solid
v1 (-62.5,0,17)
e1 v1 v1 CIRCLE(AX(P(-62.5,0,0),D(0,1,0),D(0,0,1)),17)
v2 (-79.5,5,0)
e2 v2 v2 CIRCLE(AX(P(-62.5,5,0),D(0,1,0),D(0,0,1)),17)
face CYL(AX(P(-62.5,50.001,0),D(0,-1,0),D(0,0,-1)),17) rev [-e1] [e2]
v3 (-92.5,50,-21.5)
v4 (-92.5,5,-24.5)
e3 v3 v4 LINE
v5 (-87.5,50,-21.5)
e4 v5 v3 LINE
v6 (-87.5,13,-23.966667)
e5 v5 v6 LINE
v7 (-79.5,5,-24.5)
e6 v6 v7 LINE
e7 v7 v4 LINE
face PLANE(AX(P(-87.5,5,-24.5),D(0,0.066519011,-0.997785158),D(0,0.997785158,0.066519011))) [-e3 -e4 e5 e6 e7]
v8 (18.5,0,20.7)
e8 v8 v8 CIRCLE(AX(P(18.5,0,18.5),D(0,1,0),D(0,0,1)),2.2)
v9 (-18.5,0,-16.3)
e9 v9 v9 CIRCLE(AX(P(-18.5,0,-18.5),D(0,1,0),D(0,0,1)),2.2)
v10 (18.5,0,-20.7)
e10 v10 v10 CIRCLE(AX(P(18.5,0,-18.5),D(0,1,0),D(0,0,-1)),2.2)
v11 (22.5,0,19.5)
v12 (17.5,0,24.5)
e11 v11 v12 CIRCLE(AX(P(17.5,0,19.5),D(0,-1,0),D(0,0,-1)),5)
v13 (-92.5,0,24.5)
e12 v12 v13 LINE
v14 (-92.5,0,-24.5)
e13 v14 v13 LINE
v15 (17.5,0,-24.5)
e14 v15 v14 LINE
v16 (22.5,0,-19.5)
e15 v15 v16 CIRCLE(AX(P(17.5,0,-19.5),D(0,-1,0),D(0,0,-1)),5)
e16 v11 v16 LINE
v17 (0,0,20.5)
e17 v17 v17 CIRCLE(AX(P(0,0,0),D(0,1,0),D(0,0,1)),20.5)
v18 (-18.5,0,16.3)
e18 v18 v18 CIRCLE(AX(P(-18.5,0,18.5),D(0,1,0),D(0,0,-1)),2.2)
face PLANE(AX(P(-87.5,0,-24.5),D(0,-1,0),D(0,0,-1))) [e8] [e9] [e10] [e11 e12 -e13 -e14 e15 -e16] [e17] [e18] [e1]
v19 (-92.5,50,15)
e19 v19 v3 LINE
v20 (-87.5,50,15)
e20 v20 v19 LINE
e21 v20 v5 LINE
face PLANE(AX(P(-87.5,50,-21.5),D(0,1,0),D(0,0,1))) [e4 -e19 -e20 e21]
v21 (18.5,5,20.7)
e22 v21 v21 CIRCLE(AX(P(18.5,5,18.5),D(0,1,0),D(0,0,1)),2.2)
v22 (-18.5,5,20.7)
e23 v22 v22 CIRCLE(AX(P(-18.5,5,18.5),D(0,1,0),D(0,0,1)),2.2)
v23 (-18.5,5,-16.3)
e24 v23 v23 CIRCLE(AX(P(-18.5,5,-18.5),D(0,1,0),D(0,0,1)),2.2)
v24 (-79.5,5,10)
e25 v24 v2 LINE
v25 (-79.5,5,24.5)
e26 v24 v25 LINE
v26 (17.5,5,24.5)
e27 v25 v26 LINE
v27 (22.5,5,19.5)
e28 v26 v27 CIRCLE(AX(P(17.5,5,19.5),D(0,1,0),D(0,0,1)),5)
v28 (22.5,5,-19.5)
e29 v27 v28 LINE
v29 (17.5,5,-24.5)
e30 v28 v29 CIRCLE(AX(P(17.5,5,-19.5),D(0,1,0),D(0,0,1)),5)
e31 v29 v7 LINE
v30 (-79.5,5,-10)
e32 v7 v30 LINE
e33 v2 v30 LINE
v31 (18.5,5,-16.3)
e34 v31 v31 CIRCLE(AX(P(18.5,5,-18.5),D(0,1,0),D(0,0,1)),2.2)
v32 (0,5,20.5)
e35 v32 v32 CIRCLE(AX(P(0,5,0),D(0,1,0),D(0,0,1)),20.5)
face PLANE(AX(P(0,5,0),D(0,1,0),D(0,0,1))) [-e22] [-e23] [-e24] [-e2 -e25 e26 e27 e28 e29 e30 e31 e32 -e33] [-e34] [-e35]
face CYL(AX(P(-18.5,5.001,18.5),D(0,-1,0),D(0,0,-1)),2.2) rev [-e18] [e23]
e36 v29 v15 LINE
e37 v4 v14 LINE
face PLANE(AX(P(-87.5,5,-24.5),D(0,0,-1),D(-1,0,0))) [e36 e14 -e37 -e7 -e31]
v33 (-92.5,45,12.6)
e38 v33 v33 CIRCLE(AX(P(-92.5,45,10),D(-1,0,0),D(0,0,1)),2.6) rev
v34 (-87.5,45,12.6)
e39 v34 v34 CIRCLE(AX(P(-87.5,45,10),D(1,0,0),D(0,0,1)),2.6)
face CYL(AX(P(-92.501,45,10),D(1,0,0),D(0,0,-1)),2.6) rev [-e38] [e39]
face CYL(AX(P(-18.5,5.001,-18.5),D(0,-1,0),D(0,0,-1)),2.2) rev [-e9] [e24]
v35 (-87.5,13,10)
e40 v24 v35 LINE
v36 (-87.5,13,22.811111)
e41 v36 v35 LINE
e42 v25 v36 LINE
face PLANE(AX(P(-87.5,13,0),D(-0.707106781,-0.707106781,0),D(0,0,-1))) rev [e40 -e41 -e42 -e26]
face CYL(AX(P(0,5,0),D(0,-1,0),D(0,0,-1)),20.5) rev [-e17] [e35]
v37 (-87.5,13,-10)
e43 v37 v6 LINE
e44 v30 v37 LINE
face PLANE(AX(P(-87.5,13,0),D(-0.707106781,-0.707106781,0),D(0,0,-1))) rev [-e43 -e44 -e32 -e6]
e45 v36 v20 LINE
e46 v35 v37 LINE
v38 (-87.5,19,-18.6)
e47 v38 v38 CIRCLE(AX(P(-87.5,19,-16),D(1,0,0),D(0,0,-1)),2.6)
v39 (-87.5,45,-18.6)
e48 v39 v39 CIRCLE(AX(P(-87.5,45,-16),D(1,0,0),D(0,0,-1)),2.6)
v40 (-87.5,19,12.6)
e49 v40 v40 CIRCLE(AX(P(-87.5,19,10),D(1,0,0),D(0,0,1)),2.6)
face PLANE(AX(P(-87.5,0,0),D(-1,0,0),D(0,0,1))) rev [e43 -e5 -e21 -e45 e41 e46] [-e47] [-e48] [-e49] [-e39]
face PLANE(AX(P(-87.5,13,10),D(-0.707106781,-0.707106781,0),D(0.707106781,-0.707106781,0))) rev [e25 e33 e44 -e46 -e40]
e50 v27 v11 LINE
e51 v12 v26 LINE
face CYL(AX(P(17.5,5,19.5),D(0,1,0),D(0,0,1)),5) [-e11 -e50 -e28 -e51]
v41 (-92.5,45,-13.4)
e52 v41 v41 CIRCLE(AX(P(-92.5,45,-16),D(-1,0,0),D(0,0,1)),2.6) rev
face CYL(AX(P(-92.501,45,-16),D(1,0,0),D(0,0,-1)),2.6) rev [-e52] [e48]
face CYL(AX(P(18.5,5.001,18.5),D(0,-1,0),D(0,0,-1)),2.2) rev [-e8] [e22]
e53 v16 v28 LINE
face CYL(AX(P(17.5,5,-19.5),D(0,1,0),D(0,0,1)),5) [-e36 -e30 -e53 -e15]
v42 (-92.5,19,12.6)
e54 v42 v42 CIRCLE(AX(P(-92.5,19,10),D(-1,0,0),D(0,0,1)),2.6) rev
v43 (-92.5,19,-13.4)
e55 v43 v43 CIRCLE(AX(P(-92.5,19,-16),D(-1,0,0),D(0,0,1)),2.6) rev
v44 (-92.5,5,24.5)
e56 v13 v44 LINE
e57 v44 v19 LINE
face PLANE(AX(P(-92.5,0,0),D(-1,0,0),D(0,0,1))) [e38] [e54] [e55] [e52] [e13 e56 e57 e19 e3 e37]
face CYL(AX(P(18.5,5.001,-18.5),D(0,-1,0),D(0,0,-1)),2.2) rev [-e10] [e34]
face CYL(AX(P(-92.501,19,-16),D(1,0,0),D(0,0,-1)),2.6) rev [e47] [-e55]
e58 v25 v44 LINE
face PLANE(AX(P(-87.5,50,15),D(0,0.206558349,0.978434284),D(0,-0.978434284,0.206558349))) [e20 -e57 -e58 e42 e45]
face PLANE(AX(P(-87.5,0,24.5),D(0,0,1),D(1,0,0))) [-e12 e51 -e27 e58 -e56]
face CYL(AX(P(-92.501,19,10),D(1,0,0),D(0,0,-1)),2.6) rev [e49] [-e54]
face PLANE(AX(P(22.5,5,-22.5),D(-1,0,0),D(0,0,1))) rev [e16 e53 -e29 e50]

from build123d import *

# Parameters (mm, degrees)
SKETCH1_W           = 45
SKETCH1_H           = 45
SKETCH1_R           = 20.5
BOSS_EXTRUDE1_DEPTH = 5
CUT_EXTRUDE1_REACH  = 34.21
SKETCH2_R           = 2.2
BOSS_EXTRUDE2_DEPTH = 5
BOSS_EXTRUDE4_DEPTH = 5
SKETCH6_R           = 2.6
CUT_EXTRUDE2_DEPTH  = 5
SKETCH7_R           = 17
CUT_EXTRUDE3_DEPTH  = 5
BOSS_EXTRUDE5_DEPTH = 10
CHAMFER1_SIZE       = 8
FILLET1_R           = 5


with BuildPart() as part:
    # Sketch1 → Boss-Extrude1 (new body)
    with BuildSketch(Plane(origin=(0, 0, 0), x_dir=(1, 0, 0), z_dir=(0, 1, 0))):
        Rectangle(SKETCH1_W, SKETCH1_H)
        with Locations(Location((0, 0, 0), (0, 0, 270))):
            Circle(SKETCH1_R, mode=Mode.SUBTRACT)
    extrude(amount=BOSS_EXTRUDE1_DEPTH)

    # Sketch2 → Cut-Extrude1 (cut, up to next)
    with BuildSketch(Plane(origin=(0, 0, 0), x_dir=(1, 0, 0), z_dir=(0, 1, 0)), mode=Mode.PRIVATE) as cut_extrude1_sk1:
        with Locations(Location((18.5, 18.5, 0), (0, 0, 90))):
            Circle(SKETCH2_R)
    cut_extrude1_tool1 = extrude(cut_extrude1_sk1.sketch, amount=CUT_EXTRUDE1_REACH, mode=Mode.PRIVATE) & part.part
    # Sketch2 → Cut-Extrude1 (cut, up to next)
    with BuildSketch(Plane(origin=(0, 0, 0), x_dir=(1, 0, 0), z_dir=(0, 1, 0)), mode=Mode.PRIVATE) as cut_extrude1_sk2:
        with Locations(Location((18.5, -18.5, 0), (0, 0, 270))):
            Circle(SKETCH2_R)
    cut_extrude1_tool2 = extrude(cut_extrude1_sk2.sketch, amount=CUT_EXTRUDE1_REACH, mode=Mode.PRIVATE) & part.part
    # Sketch2 → Cut-Extrude1 (cut, up to next)
    with BuildSketch(Plane(origin=(0, 0, 0), x_dir=(1, 0, 0), z_dir=(0, 1, 0)), mode=Mode.PRIVATE) as cut_extrude1_sk3:
        with Locations(Location((-18.5, 18.5, 0), (0, 0, 270))):
            Circle(SKETCH2_R)
    cut_extrude1_tool3 = extrude(cut_extrude1_sk3.sketch, amount=CUT_EXTRUDE1_REACH, mode=Mode.PRIVATE) & part.part
    # Sketch2 → Cut-Extrude1 (cut, up to next)
    with BuildSketch(Plane(origin=(0, 0, 0), x_dir=(1, 0, 0), z_dir=(0, 1, 0)), mode=Mode.PRIVATE) as cut_extrude1_sk4:
        with Locations(Location((-18.5, -18.5, 0), (0, 0, 90))):
            Circle(SKETCH2_R)
    cut_extrude1_tool4 = extrude(cut_extrude1_sk4.sketch, amount=CUT_EXTRUDE1_REACH, mode=Mode.PRIVATE) & part.part
    add(cut_extrude1_tool1.solids().sort_by_distance((18.5, 0, -18.5))[0], mode=Mode.SUBTRACT)
    add(cut_extrude1_tool2.solids().sort_by_distance((18.5, 0, 18.5))[0], mode=Mode.SUBTRACT)
    add(cut_extrude1_tool3.solids().sort_by_distance((-18.5, 0, -18.5))[0], mode=Mode.SUBTRACT)
    add(cut_extrude1_tool4.solids().sort_by_distance((-18.5, 0, 18.5))[0], mode=Mode.SUBTRACT)

    # Sketch3 → Boss-Extrude2 (add)
    with BuildSketch(Plane(origin=(0, 0, 0), x_dir=(1, 0, 0), z_dir=(0, 1, 0))):
        Polygon((22.5, 22.5), (22.5, 24.5), (-92.5, 24.5), (-92.5, -24.5), (22.5, -24.5), (22.5, -22.5), (-22.5, -22.5), (-22.5, 22.5), align=None)
    extrude(amount=BOSS_EXTRUDE2_DEPTH)

    # Sketch7 → Cut-Extrude3 (cut)
    with BuildSketch(Plane(origin=(0, 0, 0), x_dir=(1, 0, 0), z_dir=(0, 1, 0))):
        with Locations(Location((-62.5, 0, 0), (0, 0, 270))):
            Circle(SKETCH7_R)
    extrude(amount=CUT_EXTRUDE3_DEPTH, mode=Mode.SUBTRACT)



with BuildPart() as body_2:
    # Sketch5 → Boss-Extrude4 (new body)
    with BuildSketch(Plane.ZY.offset(92.5)):
        Polygon((-24.5, 5), (-21.5, 50), (15, 50), (24.5, 5), (24.5, 0), (-24.5, 0), align=None)
    extrude(amount=-BOSS_EXTRUDE4_DEPTH)

    # Sketch6 → Cut-Extrude2 (cut)
    with BuildSketch(Plane(origin=(-87.5, 0, 0), x_dir=(0, 0, -1), z_dir=(1, 0, 0))):
        with Locations((16, 45)):
            Circle(SKETCH6_R)
        with Locations((16, 19)):
            Circle(SKETCH6_R)
        with Locations(Location((-10, 19, 0), (0, 0, 180))):
            Circle(SKETCH6_R)
        with Locations(Location((-10, 45, 0), (0, 0, 180))):
            Circle(SKETCH6_R)
    extrude(amount=-CUT_EXTRUDE2_DEPTH, mode=Mode.SUBTRACT)


with BuildPart() as part_1:
    add(part.part)

    add(body_2.part)  # Boss-Extrude5 merges body 2
    # Sketch8 → Boss-Extrude5 (add, symmetric)
    with BuildSketch(Plane.XY):
        Polygon((-87.5, 5), (-87.5, 13), (-79.5, 5), align=None)
    extrude(amount=BOSS_EXTRUDE5_DEPTH, both=True)

    # Chamfer1
    chamfer1_edges = [part_1.edges().sort_by_distance(p)[0] for p in [
        (-87.5, 5, -17.25),
        (-87.5, 5, 17.25),
    ]]
    chamfer(chamfer1_edges, length=CHAMFER1_SIZE)

    # Fillet1
    fillet1_edges = [part_1.edges().sort_by_distance(p)[0] for p in [
        (22.5, 2.5, -24.5),
        (22.5, 2.5, 24.5),
    ]]
    fillet(fillet1_edges, radius=FILLET1_R)


solid = part_1.part
